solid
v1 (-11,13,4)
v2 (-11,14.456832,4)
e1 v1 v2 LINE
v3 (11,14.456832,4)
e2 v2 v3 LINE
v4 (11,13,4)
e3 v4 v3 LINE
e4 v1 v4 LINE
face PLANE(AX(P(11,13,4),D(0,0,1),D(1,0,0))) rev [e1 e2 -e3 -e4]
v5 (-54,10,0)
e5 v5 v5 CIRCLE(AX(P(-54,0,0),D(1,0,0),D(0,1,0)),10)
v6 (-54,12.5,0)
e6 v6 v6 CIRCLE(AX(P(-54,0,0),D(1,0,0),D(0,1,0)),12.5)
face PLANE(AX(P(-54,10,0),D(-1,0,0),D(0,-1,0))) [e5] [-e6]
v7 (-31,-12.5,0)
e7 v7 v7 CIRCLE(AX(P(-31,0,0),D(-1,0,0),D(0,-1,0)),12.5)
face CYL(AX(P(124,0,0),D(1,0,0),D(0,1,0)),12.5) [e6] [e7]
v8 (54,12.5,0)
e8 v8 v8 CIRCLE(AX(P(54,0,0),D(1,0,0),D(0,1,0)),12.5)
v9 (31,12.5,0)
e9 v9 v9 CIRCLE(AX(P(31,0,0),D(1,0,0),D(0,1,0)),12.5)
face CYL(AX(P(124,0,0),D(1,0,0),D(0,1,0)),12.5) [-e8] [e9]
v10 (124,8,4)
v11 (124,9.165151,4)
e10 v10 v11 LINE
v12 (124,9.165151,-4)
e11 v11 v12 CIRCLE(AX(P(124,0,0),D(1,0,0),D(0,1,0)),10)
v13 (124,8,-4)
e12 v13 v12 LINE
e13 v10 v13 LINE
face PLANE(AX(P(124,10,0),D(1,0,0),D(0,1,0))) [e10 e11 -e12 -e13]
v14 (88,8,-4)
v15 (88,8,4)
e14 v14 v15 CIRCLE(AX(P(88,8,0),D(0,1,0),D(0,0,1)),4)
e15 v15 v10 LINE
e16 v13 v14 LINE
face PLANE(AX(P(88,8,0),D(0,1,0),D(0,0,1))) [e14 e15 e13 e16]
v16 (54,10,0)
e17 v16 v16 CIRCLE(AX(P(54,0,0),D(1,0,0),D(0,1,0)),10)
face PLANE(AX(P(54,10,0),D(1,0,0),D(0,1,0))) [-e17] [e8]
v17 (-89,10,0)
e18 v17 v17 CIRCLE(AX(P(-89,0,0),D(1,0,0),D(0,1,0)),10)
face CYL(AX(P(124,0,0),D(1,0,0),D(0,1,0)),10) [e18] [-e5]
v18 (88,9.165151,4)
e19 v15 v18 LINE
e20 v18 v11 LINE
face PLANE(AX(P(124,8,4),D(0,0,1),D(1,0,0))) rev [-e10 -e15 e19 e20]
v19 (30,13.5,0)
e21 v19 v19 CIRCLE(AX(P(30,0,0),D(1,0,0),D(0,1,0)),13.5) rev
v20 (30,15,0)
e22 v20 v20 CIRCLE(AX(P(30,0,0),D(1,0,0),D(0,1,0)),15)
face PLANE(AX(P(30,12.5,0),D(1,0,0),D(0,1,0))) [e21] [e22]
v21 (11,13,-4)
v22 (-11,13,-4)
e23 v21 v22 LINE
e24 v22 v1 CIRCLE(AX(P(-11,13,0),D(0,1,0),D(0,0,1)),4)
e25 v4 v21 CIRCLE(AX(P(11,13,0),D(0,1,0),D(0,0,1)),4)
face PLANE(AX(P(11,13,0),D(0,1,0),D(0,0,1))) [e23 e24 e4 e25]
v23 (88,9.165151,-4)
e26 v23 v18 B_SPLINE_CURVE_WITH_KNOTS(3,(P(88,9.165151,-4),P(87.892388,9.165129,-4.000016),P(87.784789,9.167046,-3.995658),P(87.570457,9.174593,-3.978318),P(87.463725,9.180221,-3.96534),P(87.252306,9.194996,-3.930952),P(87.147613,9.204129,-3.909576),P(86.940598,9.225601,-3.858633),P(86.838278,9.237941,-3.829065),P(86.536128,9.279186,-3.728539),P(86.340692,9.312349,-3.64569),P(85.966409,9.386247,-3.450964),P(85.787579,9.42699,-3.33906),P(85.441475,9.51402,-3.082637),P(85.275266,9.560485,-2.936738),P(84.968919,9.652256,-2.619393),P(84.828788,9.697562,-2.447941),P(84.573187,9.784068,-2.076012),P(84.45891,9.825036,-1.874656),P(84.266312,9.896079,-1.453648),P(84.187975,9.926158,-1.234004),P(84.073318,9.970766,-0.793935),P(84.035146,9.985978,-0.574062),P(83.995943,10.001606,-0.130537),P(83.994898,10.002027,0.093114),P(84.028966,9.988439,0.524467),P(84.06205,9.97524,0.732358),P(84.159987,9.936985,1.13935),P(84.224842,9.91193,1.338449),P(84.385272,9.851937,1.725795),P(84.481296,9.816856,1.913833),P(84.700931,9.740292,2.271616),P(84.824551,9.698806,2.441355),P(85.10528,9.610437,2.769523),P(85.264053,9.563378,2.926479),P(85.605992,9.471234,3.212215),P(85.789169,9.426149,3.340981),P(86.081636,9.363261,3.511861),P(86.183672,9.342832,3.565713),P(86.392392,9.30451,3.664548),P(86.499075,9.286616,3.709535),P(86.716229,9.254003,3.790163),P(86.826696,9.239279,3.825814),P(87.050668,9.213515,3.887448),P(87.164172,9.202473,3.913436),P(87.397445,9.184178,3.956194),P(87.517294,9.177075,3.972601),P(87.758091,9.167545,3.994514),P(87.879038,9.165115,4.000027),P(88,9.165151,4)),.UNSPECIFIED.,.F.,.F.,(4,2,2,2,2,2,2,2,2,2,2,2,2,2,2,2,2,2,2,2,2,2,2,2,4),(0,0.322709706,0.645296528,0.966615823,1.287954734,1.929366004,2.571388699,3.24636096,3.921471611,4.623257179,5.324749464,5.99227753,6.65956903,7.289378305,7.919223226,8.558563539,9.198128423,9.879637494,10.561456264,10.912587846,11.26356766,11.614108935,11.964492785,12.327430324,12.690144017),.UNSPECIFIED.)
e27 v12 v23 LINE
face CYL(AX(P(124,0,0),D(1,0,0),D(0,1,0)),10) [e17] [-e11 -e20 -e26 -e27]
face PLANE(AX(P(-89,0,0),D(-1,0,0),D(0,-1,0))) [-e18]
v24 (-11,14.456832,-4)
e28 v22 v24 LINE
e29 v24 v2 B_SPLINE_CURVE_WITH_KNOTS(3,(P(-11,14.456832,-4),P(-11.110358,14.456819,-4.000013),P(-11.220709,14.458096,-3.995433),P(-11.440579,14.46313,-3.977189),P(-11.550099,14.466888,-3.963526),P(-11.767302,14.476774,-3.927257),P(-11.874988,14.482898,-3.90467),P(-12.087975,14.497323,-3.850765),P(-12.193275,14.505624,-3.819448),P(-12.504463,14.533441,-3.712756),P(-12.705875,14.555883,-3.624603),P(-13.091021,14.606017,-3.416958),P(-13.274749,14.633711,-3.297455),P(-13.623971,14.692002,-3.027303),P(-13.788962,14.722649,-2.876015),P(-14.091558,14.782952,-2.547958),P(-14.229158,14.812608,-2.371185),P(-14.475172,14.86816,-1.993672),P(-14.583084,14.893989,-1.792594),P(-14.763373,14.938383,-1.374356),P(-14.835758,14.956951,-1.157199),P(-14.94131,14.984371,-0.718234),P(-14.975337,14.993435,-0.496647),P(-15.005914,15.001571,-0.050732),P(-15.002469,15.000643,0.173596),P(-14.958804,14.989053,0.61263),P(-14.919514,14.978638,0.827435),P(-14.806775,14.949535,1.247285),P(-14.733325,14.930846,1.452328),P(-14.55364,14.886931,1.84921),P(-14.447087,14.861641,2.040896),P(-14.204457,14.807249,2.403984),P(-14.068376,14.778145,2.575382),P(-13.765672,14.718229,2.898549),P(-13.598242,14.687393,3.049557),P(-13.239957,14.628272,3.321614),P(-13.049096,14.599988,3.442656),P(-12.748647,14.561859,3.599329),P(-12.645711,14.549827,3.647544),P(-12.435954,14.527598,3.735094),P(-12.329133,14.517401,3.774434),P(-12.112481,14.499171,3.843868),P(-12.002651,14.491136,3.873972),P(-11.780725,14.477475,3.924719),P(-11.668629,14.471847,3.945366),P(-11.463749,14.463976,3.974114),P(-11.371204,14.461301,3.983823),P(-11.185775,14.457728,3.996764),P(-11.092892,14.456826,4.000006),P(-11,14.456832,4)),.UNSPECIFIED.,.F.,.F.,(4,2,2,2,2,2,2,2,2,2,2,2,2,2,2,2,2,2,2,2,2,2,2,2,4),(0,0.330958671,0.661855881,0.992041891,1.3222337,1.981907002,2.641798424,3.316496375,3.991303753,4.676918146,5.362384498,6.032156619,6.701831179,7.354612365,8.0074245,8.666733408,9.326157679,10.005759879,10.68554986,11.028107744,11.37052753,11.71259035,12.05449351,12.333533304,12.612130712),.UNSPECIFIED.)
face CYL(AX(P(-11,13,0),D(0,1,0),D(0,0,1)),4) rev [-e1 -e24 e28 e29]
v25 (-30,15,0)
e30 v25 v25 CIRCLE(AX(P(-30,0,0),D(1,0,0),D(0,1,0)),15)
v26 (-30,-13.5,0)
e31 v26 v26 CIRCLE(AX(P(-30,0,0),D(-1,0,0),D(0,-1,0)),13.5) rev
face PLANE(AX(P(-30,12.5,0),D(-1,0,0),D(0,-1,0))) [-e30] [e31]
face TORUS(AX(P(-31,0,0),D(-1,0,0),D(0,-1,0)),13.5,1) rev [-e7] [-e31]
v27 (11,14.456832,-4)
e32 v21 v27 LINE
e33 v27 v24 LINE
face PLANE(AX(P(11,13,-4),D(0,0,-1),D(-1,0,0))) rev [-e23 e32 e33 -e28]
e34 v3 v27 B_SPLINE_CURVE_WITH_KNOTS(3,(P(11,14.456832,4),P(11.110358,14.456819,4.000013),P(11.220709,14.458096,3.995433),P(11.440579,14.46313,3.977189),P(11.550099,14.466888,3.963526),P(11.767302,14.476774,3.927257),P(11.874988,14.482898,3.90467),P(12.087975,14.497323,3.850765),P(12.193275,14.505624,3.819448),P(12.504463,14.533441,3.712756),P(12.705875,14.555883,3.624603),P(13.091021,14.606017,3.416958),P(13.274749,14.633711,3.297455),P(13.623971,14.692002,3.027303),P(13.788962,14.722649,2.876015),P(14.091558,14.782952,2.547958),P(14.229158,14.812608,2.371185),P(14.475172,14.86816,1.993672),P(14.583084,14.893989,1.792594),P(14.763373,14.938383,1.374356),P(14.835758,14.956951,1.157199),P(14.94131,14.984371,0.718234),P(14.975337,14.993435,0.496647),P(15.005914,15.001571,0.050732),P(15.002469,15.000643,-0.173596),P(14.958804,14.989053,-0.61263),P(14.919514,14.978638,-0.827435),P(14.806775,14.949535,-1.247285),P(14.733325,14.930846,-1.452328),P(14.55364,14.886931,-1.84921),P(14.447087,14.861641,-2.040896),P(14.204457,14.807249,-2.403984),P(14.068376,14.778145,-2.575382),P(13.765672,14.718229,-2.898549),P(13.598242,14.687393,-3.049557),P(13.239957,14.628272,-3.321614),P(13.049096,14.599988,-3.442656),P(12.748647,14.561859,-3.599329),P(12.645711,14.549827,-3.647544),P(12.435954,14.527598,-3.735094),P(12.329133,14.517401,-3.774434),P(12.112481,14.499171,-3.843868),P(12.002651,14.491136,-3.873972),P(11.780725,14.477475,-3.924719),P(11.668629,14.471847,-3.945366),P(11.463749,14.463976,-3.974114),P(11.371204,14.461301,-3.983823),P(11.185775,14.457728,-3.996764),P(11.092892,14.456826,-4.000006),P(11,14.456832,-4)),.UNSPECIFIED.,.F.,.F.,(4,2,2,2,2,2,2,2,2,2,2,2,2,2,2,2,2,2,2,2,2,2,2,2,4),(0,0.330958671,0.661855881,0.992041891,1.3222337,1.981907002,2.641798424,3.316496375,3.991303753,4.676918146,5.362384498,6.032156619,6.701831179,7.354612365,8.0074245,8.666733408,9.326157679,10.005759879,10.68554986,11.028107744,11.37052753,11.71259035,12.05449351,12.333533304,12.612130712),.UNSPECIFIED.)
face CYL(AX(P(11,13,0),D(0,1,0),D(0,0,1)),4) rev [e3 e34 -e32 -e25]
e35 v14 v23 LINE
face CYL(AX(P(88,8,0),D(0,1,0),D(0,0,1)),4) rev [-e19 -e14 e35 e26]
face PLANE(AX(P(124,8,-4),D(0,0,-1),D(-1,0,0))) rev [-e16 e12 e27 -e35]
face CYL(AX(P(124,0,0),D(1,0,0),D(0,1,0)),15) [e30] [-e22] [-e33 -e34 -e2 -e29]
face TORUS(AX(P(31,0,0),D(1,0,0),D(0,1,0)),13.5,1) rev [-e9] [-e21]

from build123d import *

# Parameters (mm, degrees)
FILLET1_R          = 1
CUT_EXTRUDE1_DEPTH = 2
CUT_EXTRUDE2_DEPTH = 2


with BuildPart() as part:
    # Sketch1 → Revolve2 (revolve)
    with BuildSketch(Plane.XY):
        Polygon((-89, 0), (-89, 10), (-54, 10), (-54, 12.5), (-30, 12.5), (-30, 15), (30, 15), (30, 12.5), (54, 12.5), (54, 10), (89, 10), (124, 10), (124, 0), align=None)
    revolve(axis=Axis((124, 0, 0), (-1, 0, 0)))

    # Fillet1
    fillet1_edges = [part.edges().sort_by_distance(p)[0] for p in [
        (30, -12.5, 0),
        (-30, -12.5, 0),
    ]]
    fillet(fillet1_edges, radius=FILLET1_R)

    # Sketch2 → Cut-Extrude1 (cut)
    with BuildSketch(Plane(origin=(0, 15, 0), x_dir=(1, 0, 0), z_dir=(0, 1, 0))):
        with BuildLine():
            Line((11, -4), (-11, -4))
            ThreePointArc((-11, -4), (-15, 0), (-11, 4))
            Line((-11, 4), (11, 4))
            ThreePointArc((11, 4), (15, 0), (11, -4))
        make_face()
    extrude(amount=-CUT_EXTRUDE1_DEPTH, mode=Mode.SUBTRACT)

    # Sketch3 → Cut-Extrude2 (cut)
    with BuildSketch(Plane(origin=(0, 10, 0), x_dir=(1, 0, 0), z_dir=(0, 1, 0))):
        with BuildLine():
            Line((124, -4), (88, -4))
            ThreePointArc((88, -4), (84, 0), (88, 4))
            Line((88, 4), (124, 4))
            Line((124, 4), (124, -4))
        make_face()
    extrude(amount=-CUT_EXTRUDE2_DEPTH, mode=Mode.SUBTRACT)


solid = part.part
